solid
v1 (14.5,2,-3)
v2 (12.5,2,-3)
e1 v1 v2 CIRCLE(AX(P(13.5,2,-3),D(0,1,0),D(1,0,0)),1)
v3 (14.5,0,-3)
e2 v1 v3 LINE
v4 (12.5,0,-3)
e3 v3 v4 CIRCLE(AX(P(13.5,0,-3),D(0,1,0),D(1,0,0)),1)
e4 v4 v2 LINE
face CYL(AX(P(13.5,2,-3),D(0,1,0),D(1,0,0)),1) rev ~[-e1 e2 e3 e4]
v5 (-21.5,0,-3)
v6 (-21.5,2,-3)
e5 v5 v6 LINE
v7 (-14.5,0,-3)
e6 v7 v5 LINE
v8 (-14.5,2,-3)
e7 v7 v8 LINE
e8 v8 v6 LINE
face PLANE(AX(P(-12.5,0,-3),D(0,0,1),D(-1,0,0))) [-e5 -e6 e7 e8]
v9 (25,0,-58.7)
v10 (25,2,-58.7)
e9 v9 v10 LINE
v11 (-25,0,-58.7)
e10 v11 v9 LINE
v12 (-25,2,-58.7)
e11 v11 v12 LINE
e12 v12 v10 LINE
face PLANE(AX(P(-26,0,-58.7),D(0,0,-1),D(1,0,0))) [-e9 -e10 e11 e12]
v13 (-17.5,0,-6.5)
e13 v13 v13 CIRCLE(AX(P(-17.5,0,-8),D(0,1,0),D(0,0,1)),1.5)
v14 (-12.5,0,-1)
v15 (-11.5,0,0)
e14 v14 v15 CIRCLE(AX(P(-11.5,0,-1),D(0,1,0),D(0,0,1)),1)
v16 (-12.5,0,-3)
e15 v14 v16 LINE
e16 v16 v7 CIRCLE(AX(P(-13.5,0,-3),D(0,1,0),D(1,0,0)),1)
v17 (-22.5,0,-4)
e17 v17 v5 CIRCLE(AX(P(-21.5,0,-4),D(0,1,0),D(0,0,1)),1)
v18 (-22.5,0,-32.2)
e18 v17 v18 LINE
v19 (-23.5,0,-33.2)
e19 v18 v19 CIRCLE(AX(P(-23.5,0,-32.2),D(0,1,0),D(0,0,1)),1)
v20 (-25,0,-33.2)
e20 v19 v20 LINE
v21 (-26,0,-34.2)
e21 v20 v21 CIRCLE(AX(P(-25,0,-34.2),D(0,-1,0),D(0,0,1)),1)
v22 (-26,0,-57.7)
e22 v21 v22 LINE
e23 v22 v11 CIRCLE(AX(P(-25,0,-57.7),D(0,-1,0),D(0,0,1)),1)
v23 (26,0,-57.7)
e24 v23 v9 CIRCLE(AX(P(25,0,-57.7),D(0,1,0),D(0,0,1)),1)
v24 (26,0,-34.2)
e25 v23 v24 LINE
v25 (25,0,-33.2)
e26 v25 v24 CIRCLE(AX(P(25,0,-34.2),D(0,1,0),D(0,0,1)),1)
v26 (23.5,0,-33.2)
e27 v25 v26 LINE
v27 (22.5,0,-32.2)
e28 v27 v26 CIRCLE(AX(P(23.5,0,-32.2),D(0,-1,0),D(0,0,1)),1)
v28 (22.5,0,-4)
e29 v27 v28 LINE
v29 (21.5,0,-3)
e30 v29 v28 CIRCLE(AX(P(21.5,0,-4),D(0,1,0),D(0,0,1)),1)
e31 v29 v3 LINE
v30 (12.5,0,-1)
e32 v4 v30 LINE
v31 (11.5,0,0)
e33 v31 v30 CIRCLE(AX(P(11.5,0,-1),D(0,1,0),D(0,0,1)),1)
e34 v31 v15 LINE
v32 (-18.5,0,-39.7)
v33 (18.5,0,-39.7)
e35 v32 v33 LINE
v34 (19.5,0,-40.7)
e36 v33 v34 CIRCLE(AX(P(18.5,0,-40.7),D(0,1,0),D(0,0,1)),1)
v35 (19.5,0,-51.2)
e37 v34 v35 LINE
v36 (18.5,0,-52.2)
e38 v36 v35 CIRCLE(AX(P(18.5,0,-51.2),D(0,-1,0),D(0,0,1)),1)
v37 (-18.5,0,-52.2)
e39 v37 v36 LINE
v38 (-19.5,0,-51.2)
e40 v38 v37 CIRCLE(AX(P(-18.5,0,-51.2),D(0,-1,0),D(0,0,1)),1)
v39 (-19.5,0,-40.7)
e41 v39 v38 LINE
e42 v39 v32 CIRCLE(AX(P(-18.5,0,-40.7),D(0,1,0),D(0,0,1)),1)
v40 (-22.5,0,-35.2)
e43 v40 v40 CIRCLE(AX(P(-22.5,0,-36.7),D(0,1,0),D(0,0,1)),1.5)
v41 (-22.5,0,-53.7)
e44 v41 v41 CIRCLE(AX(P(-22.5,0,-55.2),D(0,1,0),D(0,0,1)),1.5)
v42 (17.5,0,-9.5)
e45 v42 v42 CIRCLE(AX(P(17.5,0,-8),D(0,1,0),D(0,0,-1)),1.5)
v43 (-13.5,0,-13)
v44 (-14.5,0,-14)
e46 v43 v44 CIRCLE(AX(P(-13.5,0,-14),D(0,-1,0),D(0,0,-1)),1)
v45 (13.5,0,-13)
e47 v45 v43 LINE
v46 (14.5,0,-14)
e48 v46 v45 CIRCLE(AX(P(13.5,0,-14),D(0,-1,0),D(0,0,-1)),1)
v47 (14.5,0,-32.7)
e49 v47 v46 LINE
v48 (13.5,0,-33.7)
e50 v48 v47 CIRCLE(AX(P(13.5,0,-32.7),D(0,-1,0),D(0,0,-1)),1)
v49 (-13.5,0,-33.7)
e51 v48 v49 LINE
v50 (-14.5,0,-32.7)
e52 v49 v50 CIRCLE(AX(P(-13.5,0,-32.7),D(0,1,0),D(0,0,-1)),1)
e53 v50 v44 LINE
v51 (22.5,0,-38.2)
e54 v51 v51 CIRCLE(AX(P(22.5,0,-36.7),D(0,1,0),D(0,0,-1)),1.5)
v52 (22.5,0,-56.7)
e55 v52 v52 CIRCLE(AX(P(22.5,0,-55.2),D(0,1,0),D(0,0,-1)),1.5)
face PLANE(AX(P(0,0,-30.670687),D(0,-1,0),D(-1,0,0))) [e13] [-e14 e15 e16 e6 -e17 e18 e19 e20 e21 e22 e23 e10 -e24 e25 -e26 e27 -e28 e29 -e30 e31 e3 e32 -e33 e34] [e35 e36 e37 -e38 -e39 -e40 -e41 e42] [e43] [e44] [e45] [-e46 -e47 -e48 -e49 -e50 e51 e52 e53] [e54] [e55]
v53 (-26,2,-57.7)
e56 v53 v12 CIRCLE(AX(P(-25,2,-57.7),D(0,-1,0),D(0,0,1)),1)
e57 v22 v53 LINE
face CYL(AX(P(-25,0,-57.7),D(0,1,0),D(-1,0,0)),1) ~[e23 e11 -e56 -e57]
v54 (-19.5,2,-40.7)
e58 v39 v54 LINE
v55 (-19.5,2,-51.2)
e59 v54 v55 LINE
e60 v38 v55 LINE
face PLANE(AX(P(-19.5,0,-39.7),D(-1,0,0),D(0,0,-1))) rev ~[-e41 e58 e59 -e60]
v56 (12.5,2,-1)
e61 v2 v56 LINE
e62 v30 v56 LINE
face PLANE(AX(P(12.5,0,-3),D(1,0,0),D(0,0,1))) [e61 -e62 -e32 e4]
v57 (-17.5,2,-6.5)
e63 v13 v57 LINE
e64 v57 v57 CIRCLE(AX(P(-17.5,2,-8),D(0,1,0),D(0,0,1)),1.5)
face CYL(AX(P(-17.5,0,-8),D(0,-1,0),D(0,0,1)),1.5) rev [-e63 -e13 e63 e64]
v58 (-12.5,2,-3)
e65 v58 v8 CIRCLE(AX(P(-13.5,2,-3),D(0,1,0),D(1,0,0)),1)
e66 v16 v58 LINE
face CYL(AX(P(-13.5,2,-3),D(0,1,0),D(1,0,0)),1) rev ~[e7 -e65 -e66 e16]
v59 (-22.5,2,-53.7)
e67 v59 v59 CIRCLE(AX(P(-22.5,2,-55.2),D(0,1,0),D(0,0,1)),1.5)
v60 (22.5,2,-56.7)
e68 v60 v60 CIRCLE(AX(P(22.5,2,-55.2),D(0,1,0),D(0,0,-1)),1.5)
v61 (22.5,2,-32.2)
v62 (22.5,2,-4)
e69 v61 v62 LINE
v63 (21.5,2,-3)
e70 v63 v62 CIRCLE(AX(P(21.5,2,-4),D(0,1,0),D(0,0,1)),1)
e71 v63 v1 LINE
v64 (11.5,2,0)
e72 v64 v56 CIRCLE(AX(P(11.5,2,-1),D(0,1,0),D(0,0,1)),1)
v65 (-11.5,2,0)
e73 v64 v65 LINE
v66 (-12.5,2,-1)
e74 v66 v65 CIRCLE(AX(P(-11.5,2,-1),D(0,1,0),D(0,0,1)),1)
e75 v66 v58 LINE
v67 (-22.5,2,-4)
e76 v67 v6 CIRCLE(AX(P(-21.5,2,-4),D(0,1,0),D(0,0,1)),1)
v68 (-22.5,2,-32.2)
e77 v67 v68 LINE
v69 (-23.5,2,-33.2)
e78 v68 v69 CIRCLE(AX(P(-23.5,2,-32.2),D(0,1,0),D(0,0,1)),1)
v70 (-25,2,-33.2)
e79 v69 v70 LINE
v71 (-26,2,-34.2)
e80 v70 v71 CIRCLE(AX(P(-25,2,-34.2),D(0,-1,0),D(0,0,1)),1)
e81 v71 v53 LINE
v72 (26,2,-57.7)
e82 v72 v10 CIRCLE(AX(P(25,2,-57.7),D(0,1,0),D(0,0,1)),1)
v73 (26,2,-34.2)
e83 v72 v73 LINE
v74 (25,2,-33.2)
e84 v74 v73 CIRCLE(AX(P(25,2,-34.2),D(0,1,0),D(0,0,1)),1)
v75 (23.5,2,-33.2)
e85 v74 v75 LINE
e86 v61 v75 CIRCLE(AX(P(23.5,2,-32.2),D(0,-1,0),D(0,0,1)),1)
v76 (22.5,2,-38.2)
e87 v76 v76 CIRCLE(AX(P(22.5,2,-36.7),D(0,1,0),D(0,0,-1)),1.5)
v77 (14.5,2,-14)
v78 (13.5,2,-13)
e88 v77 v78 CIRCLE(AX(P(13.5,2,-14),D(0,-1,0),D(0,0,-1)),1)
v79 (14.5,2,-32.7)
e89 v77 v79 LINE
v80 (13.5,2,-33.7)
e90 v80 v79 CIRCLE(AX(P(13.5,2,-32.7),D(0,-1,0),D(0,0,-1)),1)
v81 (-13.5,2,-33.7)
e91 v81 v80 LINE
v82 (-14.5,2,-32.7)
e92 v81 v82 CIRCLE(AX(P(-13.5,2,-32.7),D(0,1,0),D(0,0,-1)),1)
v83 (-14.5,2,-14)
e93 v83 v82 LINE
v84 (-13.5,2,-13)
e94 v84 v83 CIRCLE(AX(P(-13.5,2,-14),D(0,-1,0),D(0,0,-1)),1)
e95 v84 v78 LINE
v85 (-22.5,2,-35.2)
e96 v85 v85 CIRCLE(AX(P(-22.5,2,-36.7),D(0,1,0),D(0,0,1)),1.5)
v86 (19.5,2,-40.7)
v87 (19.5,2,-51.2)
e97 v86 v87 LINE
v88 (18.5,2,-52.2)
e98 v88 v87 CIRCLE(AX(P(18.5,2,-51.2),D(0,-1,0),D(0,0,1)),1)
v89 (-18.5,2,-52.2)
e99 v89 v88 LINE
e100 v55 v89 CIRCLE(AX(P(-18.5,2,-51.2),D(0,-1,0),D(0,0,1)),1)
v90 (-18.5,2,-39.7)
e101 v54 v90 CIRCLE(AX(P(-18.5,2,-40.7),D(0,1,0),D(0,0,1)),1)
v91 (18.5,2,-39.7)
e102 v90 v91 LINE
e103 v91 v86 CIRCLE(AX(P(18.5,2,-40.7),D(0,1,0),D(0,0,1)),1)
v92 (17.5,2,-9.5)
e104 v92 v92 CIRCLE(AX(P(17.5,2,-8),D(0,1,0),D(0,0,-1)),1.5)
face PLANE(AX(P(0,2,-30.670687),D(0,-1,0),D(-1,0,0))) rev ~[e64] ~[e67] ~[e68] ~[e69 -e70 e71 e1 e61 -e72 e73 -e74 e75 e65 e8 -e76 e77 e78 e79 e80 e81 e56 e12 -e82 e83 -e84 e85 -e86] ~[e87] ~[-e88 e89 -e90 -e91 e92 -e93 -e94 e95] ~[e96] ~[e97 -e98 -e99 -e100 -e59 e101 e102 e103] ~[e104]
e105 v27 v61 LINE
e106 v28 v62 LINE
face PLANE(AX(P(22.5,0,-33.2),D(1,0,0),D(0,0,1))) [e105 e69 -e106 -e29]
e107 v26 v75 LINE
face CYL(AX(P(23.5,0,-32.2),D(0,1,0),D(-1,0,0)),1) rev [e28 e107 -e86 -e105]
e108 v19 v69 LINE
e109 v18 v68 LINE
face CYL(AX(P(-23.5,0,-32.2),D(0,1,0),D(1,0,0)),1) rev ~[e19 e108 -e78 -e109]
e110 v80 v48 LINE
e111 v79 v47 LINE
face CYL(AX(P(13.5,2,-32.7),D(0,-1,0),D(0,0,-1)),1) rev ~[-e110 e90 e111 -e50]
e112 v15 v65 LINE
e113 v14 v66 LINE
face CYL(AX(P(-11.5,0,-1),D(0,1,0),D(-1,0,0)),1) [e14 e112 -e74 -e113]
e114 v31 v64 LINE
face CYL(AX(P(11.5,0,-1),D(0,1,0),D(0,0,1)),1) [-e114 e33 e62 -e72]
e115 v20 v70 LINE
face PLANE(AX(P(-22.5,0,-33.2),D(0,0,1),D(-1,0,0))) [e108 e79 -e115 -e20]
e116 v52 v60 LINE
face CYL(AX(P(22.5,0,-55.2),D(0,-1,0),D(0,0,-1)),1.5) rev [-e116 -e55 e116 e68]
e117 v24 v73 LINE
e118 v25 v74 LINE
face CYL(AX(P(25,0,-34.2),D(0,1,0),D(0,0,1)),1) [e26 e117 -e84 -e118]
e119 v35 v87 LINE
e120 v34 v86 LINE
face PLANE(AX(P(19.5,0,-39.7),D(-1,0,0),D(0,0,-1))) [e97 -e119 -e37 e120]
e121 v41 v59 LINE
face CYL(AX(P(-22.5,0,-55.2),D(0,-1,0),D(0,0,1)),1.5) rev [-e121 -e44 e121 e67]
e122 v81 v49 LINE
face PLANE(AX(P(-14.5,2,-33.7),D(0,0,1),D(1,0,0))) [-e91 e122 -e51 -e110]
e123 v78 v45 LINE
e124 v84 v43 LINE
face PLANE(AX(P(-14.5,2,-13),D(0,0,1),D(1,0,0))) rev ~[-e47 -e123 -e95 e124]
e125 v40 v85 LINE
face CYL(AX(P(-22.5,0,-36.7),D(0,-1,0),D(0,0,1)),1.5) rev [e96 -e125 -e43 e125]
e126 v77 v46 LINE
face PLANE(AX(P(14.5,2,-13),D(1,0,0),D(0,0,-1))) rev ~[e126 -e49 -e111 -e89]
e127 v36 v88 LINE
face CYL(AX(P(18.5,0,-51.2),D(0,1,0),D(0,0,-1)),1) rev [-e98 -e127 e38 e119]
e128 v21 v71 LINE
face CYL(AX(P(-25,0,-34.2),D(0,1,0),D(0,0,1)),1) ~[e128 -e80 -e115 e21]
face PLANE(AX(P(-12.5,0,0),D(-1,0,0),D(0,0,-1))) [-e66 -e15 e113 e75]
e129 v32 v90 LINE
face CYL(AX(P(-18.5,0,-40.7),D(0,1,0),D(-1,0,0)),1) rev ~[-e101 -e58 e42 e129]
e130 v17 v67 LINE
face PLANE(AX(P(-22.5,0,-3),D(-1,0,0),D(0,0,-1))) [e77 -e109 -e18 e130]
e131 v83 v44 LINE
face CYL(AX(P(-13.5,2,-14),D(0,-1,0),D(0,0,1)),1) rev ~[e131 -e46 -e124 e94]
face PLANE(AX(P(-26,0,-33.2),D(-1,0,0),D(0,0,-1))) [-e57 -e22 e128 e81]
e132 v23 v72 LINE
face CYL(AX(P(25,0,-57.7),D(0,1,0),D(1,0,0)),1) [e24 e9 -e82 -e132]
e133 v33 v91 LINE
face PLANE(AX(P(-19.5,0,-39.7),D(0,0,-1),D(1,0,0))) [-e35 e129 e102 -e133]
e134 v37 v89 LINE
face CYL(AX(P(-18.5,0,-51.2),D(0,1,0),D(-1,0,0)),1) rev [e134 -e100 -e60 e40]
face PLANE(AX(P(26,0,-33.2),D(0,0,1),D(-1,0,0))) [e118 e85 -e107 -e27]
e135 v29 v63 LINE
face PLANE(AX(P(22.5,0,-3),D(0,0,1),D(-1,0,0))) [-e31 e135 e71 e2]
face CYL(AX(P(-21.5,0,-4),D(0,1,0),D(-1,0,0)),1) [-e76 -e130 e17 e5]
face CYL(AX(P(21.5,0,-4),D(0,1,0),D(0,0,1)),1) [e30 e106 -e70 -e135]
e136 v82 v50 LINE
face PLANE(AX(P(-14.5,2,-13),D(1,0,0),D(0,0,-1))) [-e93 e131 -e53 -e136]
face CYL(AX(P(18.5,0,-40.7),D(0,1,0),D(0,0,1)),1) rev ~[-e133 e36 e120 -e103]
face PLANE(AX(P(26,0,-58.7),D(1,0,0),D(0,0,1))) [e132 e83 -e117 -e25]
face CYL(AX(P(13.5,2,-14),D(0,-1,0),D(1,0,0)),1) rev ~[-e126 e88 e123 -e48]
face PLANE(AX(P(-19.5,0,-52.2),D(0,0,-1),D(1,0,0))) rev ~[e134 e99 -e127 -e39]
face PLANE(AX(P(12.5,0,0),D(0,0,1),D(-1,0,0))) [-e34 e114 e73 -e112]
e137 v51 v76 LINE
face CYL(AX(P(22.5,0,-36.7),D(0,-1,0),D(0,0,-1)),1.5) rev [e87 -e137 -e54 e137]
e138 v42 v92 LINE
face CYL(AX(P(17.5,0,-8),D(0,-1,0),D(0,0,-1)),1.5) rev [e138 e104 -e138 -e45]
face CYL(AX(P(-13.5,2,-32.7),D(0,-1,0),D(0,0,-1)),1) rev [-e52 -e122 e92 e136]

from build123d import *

# Parameters (mm, degrees)
SKETCH_1_R          = 1.5
SKETCH_1_W          = 39
SKETCH_1_H          = 12.5
EXTRUDE_1_DEPTH     = 2
SKETCH_2_R          = 1
SKETCH_2_W          = 29
SKETCH_2_H          = 20.7
CUT_EXTRUDE_1_DEPTH = 65.231534311
FILLET_1_R          = 1


with BuildPart() as part:
    # 草图1 → 凸台-拉伸1 (new body)
    with BuildSketch(Plane(origin=(0, 0, 0), x_dir=(1, 0, 0), z_dir=(0, 1, 0))):
        Polygon((-22.5, 3), (-22.5, 33.2), (-26, 33.2), (-26, 58.7), (26, 58.7), (26, 33.2), (22.5, 33.2), (22.5, 3), (12.5, 3), (12.5, 0), (-12.5, 0), (-12.5, 3), align=None)
        with Locations(Location((-22.5, 55.2, 0), (0, 0, 270))):
            Circle(SKETCH_1_R, mode=Mode.SUBTRACT)
        with Locations(Location((-22.5, 36.7, 0), (0, 0, 270))):
            Circle(SKETCH_1_R, mode=Mode.SUBTRACT)
        with Locations(Location((22.5, 36.7, 0), (0, 0, 90))):
            Circle(SKETCH_1_R, mode=Mode.SUBTRACT)
        with Locations(Location((22.5, 55.2, 0), (0, 0, 90))):
            Circle(SKETCH_1_R, mode=Mode.SUBTRACT)
        with Locations(Location((-17.5, 8, 0), (0, 0, 270))):
            Circle(SKETCH_1_R, mode=Mode.SUBTRACT)
        with Locations(Location((17.5, 8, 0), (0, 0, 90))):
            Circle(SKETCH_1_R, mode=Mode.SUBTRACT)
        with Locations((0, 45.95)):
            Rectangle(SKETCH_1_W, SKETCH_1_H, mode=Mode.SUBTRACT)
    extrude(amount=EXTRUDE_1_DEPTH)

    # 草图2 → 切除-拉伸1 (cut, through all)
    with BuildSketch(Plane(origin=(0, 2, 0), x_dir=(1, 0, 0), z_dir=(0, 1, 0))):
        with Locations((-13.5, 3)):
            Circle(SKETCH_2_R)
        with Locations((13.5, 3)):
            Circle(SKETCH_2_R)
        with Locations((0, 23.35)):
            Rectangle(SKETCH_2_W, SKETCH_2_H)
    extrude(amount=-CUT_EXTRUDE_1_DEPTH, mode=Mode.SUBTRACT)

    # 圆角1
    fillet_1_edges = [part.edges().sort_by_distance(p)[0] for p in [
        (26, 1, -33.2),
        (22.5, 1, -33.2),
        (22.5, 1, -3),
        (12.5, 1, 0),
        (-12.5, 1, 0),
        (-22.5, 1, -3),
        (-22.5, 1, -33.2),
        (-26, 1, -33.2),
        (-26, 1, -58.7),
        (26, 1, -58.7),
        (-19.5, 1, -52.2),
        (-19.5, 1, -39.7),
        (19.5, 1, -39.7),
        (19.5, 1, -52.2),
        (-14.5, 1, -13),
        (-14.5, 1, -33.7),
        (14.5, 1, -33.7),
        (14.5, 1, -13),
    ]]
    fillet(fillet_1_edges, radius=FILLET_1_R)


solid = part.part
